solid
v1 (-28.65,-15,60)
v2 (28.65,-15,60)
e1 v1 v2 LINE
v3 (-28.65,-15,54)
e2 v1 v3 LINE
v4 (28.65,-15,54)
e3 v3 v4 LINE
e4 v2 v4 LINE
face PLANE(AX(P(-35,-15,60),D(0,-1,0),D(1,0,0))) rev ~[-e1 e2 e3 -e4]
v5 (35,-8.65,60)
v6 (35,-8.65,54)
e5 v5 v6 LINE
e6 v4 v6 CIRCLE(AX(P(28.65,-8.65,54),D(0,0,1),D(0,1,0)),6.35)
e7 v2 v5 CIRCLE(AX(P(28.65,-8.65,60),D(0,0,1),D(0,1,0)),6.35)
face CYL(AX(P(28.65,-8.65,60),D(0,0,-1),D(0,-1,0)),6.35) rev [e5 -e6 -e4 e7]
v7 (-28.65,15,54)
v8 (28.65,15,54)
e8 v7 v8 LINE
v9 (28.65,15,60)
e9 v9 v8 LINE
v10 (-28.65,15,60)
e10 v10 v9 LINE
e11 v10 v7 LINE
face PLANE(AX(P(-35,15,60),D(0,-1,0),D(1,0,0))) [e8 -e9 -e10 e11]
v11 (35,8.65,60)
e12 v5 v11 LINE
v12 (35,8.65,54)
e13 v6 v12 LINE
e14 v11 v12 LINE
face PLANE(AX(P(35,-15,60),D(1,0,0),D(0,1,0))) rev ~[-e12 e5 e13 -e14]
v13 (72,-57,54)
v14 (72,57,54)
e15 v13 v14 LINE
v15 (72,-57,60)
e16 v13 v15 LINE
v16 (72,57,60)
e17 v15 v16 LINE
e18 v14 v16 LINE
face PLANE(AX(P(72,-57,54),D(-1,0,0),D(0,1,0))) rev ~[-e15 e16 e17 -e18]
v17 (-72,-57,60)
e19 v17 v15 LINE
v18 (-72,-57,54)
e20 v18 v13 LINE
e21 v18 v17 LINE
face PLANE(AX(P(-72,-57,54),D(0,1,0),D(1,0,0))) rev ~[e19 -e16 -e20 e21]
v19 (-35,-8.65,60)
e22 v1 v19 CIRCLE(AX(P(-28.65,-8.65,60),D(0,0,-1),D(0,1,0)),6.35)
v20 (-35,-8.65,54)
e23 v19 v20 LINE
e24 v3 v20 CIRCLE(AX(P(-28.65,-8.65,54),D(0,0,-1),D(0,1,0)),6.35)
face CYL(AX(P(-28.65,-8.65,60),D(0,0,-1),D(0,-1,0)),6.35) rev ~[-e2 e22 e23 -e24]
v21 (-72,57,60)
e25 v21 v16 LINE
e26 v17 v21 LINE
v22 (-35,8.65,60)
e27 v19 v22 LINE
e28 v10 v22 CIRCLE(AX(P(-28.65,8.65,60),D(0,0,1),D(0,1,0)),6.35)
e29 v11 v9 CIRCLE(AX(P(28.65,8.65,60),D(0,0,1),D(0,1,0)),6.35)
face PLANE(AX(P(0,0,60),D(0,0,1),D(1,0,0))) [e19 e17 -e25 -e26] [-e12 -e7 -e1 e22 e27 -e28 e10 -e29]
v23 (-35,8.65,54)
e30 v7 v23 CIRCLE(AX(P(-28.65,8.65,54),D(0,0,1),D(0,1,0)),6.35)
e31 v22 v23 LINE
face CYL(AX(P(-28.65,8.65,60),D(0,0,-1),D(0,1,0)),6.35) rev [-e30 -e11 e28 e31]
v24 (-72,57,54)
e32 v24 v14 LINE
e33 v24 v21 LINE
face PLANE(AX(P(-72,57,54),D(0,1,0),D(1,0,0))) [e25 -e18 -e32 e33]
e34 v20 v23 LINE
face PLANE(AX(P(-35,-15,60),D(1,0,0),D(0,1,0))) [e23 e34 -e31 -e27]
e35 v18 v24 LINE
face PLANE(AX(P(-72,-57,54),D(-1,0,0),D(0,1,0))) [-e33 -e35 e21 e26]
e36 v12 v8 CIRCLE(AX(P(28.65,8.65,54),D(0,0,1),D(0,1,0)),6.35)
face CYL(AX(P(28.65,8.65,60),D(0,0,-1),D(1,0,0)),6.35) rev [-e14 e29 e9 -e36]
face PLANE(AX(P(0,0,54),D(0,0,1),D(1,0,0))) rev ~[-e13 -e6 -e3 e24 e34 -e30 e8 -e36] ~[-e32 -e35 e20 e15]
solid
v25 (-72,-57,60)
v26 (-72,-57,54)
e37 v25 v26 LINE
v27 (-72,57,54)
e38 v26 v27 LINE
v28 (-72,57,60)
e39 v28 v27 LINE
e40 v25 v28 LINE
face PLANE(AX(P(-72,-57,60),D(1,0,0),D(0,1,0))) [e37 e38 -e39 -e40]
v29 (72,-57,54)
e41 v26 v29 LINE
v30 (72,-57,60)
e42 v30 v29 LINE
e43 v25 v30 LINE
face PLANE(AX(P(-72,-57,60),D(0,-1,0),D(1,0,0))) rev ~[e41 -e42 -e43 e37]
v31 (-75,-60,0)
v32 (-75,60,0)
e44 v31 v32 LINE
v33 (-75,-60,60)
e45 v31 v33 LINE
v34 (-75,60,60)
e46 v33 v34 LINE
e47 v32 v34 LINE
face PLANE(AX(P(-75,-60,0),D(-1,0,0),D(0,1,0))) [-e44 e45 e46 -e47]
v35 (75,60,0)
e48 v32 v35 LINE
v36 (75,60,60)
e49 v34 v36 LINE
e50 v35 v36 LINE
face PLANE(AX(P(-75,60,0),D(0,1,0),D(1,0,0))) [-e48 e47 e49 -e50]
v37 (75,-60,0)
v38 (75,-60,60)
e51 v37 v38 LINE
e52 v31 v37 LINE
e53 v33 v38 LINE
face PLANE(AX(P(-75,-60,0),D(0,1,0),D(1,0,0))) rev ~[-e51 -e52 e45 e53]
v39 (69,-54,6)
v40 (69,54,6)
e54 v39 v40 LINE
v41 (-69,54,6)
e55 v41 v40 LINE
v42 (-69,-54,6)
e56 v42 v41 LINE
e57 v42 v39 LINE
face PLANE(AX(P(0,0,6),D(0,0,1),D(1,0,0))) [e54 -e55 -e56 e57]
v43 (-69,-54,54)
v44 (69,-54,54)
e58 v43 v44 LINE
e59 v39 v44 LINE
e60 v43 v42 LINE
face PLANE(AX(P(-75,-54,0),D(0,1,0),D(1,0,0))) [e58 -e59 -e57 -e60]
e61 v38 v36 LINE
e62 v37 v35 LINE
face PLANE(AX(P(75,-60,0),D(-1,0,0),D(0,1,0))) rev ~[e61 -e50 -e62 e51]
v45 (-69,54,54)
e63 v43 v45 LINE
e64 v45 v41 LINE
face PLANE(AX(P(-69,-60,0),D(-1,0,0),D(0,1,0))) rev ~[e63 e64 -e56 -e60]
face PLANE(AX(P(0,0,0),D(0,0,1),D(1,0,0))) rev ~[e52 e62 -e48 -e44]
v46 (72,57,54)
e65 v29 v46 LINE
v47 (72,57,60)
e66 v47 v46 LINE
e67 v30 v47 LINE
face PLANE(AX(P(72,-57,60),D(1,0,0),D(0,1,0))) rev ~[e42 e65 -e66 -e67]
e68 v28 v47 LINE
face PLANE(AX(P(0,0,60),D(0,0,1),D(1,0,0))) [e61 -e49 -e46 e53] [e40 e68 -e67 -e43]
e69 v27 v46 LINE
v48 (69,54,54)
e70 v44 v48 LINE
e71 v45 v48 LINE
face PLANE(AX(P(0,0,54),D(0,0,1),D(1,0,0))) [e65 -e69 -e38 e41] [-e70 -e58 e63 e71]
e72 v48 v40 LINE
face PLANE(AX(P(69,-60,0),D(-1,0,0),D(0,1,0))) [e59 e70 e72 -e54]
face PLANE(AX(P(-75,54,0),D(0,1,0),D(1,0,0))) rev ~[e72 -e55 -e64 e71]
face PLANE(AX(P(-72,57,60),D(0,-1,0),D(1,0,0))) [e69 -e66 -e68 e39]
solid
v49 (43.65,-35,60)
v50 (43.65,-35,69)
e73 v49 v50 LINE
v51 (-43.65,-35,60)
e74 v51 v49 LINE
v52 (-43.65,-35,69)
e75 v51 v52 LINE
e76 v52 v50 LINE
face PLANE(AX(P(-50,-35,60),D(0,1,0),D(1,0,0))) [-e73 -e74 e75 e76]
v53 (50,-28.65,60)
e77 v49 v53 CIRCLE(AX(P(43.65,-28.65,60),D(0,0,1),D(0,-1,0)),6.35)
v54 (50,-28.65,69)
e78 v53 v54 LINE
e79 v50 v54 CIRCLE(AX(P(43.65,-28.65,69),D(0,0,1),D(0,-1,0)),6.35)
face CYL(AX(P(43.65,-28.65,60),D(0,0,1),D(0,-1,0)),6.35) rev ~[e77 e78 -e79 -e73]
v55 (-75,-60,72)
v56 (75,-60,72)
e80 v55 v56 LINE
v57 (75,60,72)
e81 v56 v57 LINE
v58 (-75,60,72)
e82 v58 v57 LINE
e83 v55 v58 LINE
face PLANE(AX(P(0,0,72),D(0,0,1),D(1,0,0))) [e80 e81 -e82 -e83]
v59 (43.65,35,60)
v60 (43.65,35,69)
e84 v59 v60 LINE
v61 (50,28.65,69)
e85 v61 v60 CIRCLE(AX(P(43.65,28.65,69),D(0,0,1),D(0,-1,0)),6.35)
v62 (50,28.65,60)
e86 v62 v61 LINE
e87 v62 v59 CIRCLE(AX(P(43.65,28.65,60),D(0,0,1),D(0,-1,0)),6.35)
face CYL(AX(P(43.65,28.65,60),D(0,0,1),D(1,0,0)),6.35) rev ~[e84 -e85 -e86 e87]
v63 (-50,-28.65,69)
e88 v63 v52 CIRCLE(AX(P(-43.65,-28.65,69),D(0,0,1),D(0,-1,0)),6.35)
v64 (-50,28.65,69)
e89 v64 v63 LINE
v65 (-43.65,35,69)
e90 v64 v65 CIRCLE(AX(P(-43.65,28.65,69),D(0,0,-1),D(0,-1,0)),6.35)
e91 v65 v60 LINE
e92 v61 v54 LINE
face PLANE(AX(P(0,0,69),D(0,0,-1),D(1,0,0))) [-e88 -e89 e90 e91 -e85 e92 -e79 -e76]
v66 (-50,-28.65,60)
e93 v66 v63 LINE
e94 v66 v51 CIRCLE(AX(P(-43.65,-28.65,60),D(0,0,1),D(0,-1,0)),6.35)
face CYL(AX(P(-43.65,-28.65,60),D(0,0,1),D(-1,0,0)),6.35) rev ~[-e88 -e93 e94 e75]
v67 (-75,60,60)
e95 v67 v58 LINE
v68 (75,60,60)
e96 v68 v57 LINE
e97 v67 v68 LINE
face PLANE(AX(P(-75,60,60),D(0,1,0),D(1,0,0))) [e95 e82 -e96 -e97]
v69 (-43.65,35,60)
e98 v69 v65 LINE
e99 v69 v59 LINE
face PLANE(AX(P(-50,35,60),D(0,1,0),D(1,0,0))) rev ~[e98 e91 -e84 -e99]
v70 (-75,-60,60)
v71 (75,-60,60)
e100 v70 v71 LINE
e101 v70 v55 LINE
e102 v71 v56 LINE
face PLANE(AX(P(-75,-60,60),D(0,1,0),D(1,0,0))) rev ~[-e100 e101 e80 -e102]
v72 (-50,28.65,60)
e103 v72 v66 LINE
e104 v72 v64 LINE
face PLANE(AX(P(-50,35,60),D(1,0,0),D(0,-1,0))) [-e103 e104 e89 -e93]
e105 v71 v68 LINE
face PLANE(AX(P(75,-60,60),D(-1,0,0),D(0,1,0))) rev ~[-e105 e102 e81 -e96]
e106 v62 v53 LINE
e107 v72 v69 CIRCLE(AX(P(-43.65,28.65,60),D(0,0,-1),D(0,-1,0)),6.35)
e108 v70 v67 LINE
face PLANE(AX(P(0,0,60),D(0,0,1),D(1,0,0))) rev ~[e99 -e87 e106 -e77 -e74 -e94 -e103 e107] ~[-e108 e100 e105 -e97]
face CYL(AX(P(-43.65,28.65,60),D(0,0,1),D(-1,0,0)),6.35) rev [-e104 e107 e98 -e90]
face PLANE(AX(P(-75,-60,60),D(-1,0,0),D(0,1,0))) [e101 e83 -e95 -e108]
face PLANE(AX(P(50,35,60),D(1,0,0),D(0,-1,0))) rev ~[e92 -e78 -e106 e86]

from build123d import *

# Parameters (mm, degrees)
F0_W      = 150
F0_H      = 120
F1_DEPTH  = 60
F2_T      = -6
F3_W      = 144
F3_H      = 114
F4_DEPTH  = 6
F5_W      = 144
F5_H      = 114
F6_DEPTH  = 6
F7_W      = 70
F7_H      = 30
F8_DEPTH  = 60.001
F9_R      = 6.35
F10_W     = 150
F10_H     = 120
F11_DEPTH = 12
F12_W     = 100
F12_H     = 70
F13_DEPTH = 9
F14_R     = 6.35


with BuildPart() as f1:
    # F0 (on Top) → F1 (new body)
    with BuildSketch(Plane.XY):
        Rectangle(F0_W, F0_H)
    extrude(amount=F1_DEPTH)

    # F2
    f2_openings = [f1.faces().sort_by_distance(p)[0] for p in [
        (0, 0, 60),
    ]]
    offset(amount=F2_T, openings=f2_openings)

    # F3 (on face) → F4 (cut)
    with BuildSketch(Plane.XY.offset(60)):
        Rectangle(F3_W, F3_H)
    extrude(amount=-F4_DEPTH, mode=Mode.SUBTRACT)


with BuildPart() as f6:
    # F5 (on face) → F6 (new body)
    with BuildSketch(Plane.XY.offset(54)):
        Rectangle(F5_W, F5_H)
    extrude(amount=F6_DEPTH)

    # F7 (on face) → F8 (cut, through all)
    with BuildSketch(Plane.XY.offset(60)):
        Rectangle(F7_W, F7_H)
    extrude(amount=-F8_DEPTH, mode=Mode.SUBTRACT)

    # F9
    f9_edges = [f6.edges().sort_by_distance(p)[0] for p in [
        (-35, 15, 57),
        (35, 15, 57),
        (-35, -15, 57),
        (35, -15, 57),
    ]]
    fillet(f9_edges, radius=F9_R)


with BuildPart() as f11:
    # F10 (on face) → F11 (new body)
    with BuildSketch(Plane.XY.offset(60)):
        Rectangle(F10_W, F10_H)
    extrude(amount=F11_DEPTH)

    # F12 (on face) → F13 (cut)
    with BuildSketch(Plane(origin=(0, 0, 60), x_dir=(1, 0, 0), z_dir=(0, 0, -1))):
        Rectangle(F12_W, F12_H)
    extrude(amount=-F13_DEPTH, mode=Mode.SUBTRACT)

    # F14
    f14_edges = [f11.edges().sort_by_distance(p)[0] for p in [
        (-50, 35, 64.5),
        (-50, -35, 64.5),
        (50, -35, 64.5),
        (50, 35, 64.5),
    ]]
    fillet(f14_edges, radius=F14_R)


solid = Compound([f1.part, f6.part, f11.part])
